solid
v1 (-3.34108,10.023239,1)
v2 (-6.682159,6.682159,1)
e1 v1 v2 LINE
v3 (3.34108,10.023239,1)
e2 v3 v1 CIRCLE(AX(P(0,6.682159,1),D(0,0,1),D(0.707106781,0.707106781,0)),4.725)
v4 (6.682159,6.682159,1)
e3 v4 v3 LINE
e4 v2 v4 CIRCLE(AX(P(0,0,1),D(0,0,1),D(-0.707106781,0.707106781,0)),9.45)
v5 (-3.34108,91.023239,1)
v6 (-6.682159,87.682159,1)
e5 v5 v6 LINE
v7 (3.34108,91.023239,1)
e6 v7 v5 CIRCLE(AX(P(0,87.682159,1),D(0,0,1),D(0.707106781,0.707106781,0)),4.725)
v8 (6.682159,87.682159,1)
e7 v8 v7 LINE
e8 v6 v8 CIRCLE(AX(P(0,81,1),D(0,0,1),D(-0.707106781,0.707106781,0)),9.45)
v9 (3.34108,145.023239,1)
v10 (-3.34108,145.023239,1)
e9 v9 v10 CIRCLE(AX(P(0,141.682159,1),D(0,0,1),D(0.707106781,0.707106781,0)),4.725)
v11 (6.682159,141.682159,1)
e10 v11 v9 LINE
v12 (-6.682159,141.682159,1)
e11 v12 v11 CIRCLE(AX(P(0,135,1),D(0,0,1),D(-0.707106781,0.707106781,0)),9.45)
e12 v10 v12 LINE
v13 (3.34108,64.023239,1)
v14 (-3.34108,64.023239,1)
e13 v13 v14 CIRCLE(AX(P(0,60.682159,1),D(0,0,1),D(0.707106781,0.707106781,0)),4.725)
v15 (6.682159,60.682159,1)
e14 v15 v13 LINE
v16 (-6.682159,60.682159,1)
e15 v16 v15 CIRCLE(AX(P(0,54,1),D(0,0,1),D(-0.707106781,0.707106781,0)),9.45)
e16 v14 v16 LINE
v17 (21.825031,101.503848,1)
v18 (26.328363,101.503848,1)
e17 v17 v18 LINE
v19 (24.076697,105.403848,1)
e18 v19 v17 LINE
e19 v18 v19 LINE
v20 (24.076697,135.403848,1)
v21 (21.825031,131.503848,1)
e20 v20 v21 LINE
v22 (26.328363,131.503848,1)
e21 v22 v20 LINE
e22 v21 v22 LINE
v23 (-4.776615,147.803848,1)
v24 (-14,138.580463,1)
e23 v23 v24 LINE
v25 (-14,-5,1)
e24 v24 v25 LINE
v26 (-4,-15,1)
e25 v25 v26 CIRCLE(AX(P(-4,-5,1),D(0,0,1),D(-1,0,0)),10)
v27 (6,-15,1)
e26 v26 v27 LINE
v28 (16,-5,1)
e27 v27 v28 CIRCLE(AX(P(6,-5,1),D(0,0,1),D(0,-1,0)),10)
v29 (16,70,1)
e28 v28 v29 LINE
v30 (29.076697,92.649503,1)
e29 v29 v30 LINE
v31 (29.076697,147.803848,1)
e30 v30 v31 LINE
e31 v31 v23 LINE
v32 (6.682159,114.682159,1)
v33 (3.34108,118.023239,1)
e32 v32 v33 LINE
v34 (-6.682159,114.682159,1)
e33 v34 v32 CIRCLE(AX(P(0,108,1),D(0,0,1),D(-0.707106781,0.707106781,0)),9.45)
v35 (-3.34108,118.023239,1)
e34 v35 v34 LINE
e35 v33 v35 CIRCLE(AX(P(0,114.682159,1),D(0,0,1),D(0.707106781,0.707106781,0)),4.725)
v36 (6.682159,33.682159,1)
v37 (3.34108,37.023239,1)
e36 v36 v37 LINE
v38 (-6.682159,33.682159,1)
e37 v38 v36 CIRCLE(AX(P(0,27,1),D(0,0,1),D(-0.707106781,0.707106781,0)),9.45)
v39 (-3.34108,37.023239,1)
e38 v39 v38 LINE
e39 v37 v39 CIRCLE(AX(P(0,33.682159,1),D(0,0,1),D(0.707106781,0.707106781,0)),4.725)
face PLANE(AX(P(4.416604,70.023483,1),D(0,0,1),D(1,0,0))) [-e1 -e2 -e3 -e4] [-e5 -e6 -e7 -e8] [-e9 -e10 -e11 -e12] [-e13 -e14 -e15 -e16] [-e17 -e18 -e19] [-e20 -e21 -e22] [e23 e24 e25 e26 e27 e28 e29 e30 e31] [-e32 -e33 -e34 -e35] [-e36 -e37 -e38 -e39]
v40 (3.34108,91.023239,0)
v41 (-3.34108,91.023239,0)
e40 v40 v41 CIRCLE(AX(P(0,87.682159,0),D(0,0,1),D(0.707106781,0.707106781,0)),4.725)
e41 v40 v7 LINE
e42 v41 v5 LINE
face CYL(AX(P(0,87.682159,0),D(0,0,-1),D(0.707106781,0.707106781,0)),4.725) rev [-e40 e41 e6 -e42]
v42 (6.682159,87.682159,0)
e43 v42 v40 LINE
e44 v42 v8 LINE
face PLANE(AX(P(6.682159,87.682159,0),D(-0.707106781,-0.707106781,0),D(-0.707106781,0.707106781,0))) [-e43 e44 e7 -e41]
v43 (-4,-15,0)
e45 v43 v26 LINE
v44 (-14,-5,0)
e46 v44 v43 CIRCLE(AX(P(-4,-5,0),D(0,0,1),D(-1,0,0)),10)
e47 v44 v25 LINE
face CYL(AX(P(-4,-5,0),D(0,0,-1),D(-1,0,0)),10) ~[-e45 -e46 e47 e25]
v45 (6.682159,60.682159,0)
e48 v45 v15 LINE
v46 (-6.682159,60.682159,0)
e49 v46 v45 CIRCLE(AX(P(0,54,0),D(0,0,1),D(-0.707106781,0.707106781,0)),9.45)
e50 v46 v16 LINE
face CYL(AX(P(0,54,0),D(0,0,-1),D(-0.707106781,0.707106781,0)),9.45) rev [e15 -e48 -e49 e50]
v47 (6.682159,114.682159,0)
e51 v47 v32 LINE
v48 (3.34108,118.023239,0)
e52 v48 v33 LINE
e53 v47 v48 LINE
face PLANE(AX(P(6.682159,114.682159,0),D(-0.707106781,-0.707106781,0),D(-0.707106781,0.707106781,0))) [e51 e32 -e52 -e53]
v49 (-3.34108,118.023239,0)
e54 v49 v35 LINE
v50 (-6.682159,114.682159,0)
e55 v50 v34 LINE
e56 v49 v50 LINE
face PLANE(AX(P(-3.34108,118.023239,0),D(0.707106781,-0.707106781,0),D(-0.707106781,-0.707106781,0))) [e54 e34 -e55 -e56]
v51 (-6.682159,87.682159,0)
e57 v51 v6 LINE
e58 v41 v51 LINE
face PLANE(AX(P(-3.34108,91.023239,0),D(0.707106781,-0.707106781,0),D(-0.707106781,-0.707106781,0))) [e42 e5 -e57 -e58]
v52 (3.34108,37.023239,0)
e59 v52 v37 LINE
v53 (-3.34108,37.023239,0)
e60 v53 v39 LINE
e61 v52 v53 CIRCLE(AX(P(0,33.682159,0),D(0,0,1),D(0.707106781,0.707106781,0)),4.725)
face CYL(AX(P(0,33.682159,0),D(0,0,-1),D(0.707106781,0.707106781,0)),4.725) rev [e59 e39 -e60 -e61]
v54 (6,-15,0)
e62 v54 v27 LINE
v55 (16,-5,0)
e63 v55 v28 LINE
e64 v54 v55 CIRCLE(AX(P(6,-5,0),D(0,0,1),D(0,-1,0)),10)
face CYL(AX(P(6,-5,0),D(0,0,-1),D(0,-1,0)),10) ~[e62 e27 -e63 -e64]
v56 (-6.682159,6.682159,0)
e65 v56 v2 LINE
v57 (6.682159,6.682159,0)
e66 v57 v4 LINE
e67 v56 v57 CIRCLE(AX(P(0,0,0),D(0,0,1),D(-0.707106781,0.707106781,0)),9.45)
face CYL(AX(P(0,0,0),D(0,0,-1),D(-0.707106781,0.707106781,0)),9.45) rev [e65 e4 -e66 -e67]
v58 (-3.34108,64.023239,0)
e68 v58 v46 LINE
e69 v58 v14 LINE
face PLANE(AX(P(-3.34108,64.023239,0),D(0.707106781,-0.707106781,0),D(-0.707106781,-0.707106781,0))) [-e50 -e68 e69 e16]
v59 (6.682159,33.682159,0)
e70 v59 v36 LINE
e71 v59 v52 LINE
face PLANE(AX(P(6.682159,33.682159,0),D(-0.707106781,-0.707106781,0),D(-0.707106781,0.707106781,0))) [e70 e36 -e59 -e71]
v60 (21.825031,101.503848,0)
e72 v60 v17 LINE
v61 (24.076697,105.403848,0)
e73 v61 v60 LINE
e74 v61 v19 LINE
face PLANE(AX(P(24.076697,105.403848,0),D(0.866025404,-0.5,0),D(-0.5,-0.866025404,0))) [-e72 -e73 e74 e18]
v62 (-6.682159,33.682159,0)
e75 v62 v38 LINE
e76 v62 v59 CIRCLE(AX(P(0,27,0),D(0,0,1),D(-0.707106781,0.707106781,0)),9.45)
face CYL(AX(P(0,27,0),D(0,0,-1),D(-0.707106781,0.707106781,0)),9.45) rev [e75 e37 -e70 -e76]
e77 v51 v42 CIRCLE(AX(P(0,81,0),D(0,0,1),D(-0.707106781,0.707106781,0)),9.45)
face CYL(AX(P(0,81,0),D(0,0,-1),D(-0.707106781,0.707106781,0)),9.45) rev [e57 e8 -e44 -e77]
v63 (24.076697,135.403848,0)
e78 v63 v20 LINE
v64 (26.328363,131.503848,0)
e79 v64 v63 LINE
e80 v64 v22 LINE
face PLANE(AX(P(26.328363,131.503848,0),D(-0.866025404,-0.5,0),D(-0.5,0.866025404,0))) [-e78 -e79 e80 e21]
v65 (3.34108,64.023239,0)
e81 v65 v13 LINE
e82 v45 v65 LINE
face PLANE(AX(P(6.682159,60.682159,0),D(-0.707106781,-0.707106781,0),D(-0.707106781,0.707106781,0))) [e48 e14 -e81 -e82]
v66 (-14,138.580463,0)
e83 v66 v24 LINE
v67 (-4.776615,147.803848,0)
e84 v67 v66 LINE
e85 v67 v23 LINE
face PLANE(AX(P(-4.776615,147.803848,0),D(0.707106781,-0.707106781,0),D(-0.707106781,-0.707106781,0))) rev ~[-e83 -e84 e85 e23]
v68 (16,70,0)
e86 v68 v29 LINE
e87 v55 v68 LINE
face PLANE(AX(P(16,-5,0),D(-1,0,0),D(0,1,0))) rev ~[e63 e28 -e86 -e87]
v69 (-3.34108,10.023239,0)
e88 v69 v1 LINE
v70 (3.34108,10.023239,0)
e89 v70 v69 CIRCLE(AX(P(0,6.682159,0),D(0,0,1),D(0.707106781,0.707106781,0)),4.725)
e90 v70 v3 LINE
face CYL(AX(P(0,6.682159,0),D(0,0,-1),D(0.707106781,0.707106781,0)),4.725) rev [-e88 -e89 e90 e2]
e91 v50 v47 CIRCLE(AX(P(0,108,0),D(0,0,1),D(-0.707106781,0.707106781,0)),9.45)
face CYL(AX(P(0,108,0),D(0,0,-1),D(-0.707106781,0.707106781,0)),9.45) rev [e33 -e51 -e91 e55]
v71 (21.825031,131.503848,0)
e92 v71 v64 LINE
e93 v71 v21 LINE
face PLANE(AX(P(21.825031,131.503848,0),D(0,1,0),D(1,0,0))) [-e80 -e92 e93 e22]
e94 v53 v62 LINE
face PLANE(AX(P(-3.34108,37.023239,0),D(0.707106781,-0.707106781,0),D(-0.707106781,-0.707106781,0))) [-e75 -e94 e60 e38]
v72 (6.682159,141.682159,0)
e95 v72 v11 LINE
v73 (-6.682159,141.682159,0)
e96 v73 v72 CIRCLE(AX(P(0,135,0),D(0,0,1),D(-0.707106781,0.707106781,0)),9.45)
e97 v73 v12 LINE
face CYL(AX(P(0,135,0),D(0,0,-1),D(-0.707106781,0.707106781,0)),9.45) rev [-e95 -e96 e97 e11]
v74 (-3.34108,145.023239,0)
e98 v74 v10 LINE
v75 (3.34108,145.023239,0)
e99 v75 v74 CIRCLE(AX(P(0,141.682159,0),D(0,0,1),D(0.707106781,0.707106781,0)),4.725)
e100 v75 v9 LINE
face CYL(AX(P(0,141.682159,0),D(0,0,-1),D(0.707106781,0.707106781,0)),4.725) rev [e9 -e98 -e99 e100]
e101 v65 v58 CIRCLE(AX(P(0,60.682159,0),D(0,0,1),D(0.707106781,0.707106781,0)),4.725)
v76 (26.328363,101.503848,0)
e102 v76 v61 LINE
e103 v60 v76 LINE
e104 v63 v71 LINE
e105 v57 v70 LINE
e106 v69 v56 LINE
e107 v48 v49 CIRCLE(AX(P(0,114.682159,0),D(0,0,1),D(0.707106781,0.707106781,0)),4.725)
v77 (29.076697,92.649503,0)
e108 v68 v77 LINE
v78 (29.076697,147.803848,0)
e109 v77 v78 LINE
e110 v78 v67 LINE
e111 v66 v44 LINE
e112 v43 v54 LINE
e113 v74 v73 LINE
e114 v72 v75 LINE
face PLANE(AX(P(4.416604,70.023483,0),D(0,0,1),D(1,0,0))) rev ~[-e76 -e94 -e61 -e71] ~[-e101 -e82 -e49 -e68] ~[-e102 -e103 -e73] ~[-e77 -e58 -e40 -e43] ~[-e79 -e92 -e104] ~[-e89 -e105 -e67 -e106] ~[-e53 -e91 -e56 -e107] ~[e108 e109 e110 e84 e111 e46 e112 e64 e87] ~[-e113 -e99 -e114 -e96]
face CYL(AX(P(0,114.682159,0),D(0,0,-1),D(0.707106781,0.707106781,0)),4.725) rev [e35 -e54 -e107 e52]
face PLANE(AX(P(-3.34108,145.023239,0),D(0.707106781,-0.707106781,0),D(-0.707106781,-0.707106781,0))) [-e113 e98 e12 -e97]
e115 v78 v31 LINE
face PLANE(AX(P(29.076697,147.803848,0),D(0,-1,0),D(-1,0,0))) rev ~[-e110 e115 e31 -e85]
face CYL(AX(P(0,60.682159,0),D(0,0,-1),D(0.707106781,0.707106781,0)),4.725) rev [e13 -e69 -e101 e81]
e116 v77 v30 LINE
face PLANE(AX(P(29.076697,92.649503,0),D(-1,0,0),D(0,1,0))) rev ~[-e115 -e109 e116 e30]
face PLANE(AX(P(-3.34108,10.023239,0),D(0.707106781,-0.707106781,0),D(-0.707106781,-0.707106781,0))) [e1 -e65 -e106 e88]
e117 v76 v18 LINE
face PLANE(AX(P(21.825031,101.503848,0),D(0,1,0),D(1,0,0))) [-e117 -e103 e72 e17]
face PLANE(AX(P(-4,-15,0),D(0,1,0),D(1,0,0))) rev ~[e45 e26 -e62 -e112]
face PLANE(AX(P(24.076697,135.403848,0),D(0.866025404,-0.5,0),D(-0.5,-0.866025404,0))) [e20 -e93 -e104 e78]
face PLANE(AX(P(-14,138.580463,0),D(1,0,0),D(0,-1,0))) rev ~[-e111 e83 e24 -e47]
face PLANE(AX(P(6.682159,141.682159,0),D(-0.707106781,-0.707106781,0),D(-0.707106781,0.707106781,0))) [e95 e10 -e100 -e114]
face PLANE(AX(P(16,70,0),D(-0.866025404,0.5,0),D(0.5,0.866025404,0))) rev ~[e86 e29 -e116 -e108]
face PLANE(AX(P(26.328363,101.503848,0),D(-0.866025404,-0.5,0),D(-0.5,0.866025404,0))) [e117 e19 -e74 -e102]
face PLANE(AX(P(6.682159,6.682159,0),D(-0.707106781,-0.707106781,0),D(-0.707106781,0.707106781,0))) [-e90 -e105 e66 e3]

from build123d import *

# Parameters (mm, degrees)
EXTRUDE_1_DEPTH = 1


with BuildPart() as part:
    # 草图1 → 凸台-拉伸1 (new body)
    with BuildSketch(Plane.XY):
        with BuildLine():
            Line((-4, -15), (6, -15))
            ThreePointArc((6, -15), (13.071067812, -12.071067812), (16, -5))
            Line((16, -5), (16, 70))
            Line((16, 70), (29.076696831, 92.649503306))
            Line((29.076696831, 92.649503306), (29.076696831, 147.803847577))
            Line((29.076696831, 147.803847577), (-4.776615382, 147.803847577))
            Line((-4.776615382, 147.803847577), (-14, 138.58046296))
            Line((-14, 138.58046296), (-14, -5))
            ThreePointArc((-14, -5), (-11.071067812, -12.071067812), (-4, -15))
        make_face()
        with BuildLine():
            ThreePointArc((-6.682159082, 114.682159082), (0, 98.55), (6.682159082, 114.682159082))
            Line((6.682159082, 114.682159082), (3.341079541, 118.023238623))
            ThreePointArc((3.341079541, 118.023238623), (0, 119.407159082), (-3.341079541, 118.023238623))
            Line((-3.341079541, 118.023238623), (-6.682159082, 114.682159082))
        make_face(mode=Mode.SUBTRACT)
        with BuildLine():
            ThreePointArc((-6.682159082, 141.682159082), (0, 125.55), (6.682159082, 141.682159082))
            Line((6.682159082, 141.682159082), (3.341079541, 145.023238623))
            ThreePointArc((3.341079541, 145.023238623), (0, 146.407159082), (-3.341079541, 145.023238623))
            Line((-3.341079541, 145.023238623), (-6.682159082, 141.682159082))
        make_face(mode=Mode.SUBTRACT)
        with BuildLine():
            ThreePointArc((-6.682159082, 87.682159082), (0, 71.55), (6.682159082, 87.682159082))
            Line((6.682159082, 87.682159082), (3.341079541, 91.023238623))
            ThreePointArc((3.341079541, 91.023238623), (0, 92.407159082), (-3.341079541, 91.023238623))
            Line((-3.341079541, 91.023238623), (-6.682159082, 87.682159082))
        make_face(mode=Mode.SUBTRACT)
        with BuildLine():
            ThreePointArc((3.341079541, 64.023238623), (0, 65.407159082), (-3.341079541, 64.023238623))
            Line((-3.341079541, 64.023238623), (-6.682159082, 60.682159082))
            ThreePointArc((-6.682159082, 60.682159082), (0, 44.55), (6.682159082, 60.682159082))
            Line((6.682159082, 60.682159082), (3.341079541, 64.023238623))
        make_face(mode=Mode.SUBTRACT)
        with BuildLine():
            ThreePointArc((-6.682159082, 33.682159082), (0, 17.55), (6.682159082, 33.682159082))
            Line((6.682159082, 33.682159082), (3.341079541, 37.023238623))
            ThreePointArc((3.341079541, 37.023238623), (0, 38.407159082), (-3.341079541, 37.023238623))
            Line((-3.341079541, 37.023238623), (-6.682159082, 33.682159082))
        make_face(mode=Mode.SUBTRACT)
        with BuildLine():
            ThreePointArc((3.341079541, 10.023238623), (0, 11.407159082), (-3.341079541, 10.023238623))
            Line((-3.341079541, 10.023238623), (-6.682159082, 6.682159082))
            ThreePointArc((-6.682159082, 6.682159082), (0, -9.45), (6.682159082, 6.682159082))
            Line((6.682159082, 6.682159082), (3.341079541, 10.023238623))
        make_face(mode=Mode.SUBTRACT)
        Polygon((24.076696831, 105.403847577), (21.825030781, 101.503847577), (26.32836288, 101.503847577), align=None, mode=Mode.SUBTRACT)
        Polygon((26.32836288, 131.503847577), (24.076696831, 135.403847577), (21.825030781, 131.503847577), align=None, mode=Mode.SUBTRACT)
    extrude(amount=EXTRUDE_1_DEPTH)


solid = part.part
